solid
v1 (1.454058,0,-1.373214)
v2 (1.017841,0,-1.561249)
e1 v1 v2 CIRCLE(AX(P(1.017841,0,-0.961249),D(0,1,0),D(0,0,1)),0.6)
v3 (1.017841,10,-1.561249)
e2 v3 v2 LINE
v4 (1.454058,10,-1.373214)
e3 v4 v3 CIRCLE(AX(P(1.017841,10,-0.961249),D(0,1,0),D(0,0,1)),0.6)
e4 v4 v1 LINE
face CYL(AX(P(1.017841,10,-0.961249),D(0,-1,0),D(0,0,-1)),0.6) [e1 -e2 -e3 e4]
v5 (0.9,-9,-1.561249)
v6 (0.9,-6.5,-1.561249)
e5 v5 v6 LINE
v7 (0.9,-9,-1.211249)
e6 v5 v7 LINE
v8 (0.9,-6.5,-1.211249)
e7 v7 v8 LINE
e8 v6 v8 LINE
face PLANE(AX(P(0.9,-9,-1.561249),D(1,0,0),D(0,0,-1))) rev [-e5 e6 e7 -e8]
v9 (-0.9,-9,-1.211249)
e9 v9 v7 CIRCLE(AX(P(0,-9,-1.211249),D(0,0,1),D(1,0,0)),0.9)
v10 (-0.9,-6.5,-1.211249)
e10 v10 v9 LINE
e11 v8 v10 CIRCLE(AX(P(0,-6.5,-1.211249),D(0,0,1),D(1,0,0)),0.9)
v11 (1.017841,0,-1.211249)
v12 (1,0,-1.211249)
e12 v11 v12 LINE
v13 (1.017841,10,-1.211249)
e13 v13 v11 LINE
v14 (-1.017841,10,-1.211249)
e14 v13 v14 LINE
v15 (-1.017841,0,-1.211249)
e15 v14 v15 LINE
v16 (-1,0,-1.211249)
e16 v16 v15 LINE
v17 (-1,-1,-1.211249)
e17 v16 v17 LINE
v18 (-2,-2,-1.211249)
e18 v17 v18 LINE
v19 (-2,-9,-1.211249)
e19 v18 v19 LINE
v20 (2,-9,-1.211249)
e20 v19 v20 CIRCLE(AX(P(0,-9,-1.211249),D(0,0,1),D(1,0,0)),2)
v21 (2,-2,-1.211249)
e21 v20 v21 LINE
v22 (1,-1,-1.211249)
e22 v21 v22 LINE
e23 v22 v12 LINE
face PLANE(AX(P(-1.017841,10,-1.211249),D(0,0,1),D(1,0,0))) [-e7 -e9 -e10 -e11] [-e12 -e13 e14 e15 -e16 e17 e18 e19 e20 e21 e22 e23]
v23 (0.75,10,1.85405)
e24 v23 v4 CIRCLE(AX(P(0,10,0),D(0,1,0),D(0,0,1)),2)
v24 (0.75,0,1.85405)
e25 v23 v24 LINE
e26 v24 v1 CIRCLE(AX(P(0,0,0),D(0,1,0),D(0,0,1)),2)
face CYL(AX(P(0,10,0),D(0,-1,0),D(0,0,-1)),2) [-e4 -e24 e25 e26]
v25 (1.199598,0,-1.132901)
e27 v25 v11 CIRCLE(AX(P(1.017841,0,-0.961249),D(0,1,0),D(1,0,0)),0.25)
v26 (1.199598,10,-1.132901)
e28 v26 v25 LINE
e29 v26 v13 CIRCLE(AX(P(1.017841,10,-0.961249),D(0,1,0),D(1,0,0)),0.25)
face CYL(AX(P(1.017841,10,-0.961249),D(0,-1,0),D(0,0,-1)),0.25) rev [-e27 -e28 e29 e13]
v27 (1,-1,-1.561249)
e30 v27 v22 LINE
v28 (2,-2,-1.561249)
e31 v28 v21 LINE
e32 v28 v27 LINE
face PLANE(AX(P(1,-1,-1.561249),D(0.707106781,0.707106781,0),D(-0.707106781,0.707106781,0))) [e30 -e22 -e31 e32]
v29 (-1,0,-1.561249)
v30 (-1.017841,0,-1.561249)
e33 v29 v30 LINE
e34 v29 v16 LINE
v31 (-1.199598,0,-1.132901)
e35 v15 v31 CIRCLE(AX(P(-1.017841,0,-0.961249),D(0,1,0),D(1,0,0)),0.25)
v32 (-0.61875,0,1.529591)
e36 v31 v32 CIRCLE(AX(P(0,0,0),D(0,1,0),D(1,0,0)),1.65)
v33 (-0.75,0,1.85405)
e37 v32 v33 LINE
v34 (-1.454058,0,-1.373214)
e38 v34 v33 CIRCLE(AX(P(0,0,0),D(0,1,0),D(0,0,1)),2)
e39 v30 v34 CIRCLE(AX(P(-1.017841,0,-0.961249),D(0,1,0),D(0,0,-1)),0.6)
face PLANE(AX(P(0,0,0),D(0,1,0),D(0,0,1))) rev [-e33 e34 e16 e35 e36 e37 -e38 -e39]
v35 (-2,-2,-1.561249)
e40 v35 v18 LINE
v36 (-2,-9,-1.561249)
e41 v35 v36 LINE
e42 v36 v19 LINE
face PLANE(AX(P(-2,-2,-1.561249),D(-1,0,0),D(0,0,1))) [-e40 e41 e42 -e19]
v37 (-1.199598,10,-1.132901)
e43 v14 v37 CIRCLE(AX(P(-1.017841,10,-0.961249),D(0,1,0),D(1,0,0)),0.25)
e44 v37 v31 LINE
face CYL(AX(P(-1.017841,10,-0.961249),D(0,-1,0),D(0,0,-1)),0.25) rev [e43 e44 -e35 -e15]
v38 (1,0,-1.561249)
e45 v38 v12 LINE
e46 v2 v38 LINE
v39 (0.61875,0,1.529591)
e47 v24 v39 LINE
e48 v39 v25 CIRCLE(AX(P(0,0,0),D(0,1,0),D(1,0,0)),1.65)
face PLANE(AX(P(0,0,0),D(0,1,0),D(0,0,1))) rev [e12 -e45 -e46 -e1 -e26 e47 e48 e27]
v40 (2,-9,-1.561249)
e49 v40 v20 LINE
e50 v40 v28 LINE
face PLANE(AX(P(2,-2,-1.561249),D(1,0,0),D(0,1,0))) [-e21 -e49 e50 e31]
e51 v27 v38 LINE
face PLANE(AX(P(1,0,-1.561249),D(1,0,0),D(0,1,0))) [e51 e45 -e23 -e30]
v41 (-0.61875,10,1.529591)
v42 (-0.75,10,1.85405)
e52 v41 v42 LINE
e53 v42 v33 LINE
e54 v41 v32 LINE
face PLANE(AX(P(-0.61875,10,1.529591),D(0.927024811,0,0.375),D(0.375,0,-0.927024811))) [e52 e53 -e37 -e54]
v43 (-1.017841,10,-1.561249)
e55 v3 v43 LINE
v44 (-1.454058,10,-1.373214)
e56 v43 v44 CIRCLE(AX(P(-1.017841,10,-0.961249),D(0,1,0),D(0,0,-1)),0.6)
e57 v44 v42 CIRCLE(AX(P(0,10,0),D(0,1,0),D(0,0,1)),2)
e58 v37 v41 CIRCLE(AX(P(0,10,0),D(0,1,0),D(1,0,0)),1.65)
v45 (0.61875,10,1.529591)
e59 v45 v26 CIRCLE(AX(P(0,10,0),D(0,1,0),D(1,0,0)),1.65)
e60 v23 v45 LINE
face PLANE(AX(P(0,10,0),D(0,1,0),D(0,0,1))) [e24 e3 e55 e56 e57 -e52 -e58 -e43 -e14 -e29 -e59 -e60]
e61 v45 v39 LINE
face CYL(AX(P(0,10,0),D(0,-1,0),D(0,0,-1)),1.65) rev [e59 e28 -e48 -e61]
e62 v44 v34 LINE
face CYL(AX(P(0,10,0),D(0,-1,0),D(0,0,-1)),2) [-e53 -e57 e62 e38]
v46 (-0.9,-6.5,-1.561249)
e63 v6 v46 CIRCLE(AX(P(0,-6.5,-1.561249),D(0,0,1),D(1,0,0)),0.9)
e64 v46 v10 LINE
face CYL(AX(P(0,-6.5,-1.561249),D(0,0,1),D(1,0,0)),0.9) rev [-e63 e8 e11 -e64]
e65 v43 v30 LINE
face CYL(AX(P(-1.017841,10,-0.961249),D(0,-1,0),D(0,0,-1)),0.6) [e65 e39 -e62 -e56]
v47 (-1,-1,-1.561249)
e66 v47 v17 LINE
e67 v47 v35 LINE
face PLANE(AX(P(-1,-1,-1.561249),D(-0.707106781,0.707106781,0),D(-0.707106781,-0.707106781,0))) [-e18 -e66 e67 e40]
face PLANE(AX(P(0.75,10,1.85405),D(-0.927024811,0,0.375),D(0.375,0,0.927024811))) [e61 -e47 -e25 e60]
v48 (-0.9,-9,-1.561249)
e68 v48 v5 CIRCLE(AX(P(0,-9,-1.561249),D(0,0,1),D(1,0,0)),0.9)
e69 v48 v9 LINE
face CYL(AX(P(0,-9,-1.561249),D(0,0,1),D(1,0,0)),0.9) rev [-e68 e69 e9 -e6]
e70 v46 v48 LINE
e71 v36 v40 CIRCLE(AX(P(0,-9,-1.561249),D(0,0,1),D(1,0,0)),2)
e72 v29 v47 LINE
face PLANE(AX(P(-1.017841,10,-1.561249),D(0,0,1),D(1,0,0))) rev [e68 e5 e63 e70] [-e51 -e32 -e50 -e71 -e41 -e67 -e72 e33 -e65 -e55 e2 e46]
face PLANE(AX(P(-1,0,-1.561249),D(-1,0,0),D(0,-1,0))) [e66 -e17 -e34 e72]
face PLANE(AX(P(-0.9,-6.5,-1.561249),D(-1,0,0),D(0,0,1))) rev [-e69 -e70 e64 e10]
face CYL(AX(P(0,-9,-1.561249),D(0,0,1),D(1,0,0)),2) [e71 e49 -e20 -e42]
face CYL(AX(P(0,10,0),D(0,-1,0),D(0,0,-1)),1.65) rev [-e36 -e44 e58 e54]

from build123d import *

# Parameters (mm, degrees)
EXTRUDE_THIN1_DEPTH = 10
EXTRUDE1_DEPTH      = 0.35


with BuildPart() as part:
    # Sketch1 → Extrude-Thin1 (new body)
    with BuildSketch(Plane(origin=(0, 0, 0), x_dir=(1, 0, 0), z_dir=(0, 1, 0))):
        with BuildLine():
            ThreePointArc((-0.75, -1.854049622), (-1.954040628, -0.426292414), (-1.454057939, 1.373213571))
            ThreePointArc((-1.454057939, 1.373213571), (-1.255350091, 1.512238811), (-1.017840557, 1.5612495))
            Line((-1.017840557, 1.5612495), (1.017840557, 1.5612495))
            ThreePointArc((1.017840557, 1.5612495), (1.255350091, 1.512238811), (1.454057939, 1.373213571))
            ThreePointArc((1.454057939, 1.373213571), (1.954040628, -0.426292414), (0.75, -1.854049622))
            Line((0.75, -1.854049622), (0.61875, -1.529590938))
            ThreePointArc((0.61875, -1.529590938), (1.612083519, -0.351691242), (1.199597799, 1.132901196))
            ThreePointArc((1.199597799, 1.132901196), (1.116802863, 1.190828379), (1.017840557, 1.2112495))
            Line((1.017840557, 1.2112495), (-1.017840557, 1.2112495))
            ThreePointArc((-1.017840557, 1.2112495), (-1.116802863, 1.190828379), (-1.199597799, 1.132901196))
            ThreePointArc((-1.199597799, 1.132901196), (-1.612083519, -0.351691242), (-0.61875, -1.529590938))
            Line((-0.61875, -1.529590938), (-0.75, -1.854049622))
        make_face()
    extrude(amount=EXTRUDE_THIN1_DEPTH)

    # Sketch2 → Extrude1 (add)
    with BuildSketch(Plane.XY.offset(-1.2112495)):
        with BuildLine():
            Line((-1, 0), (-1, -1))
            Line((-1, -1), (-2, -2))
            Line((-2, -2), (-2, -9))
            ThreePointArc((-2, -9), (0, -11), (2, -9))
            Line((2, -9), (2, -2))
            Line((2, -2), (1, -1))
            Line((1, -1), (1, 0))
            Line((1, 0), (-1, 0))
        make_face()
        with BuildLine():
            Line((0.9, -9), (0.9, -6.5))
            ThreePointArc((0.9, -6.5), (0, -5.6), (-0.9, -6.5))
            Line((-0.9, -6.5), (-0.9, -9))
            ThreePointArc((-0.9, -9), (0, -9.9), (0.9, -9))
        make_face(mode=Mode.SUBTRACT)
    extrude(amount=-EXTRUDE1_DEPTH)


solid = part.part
